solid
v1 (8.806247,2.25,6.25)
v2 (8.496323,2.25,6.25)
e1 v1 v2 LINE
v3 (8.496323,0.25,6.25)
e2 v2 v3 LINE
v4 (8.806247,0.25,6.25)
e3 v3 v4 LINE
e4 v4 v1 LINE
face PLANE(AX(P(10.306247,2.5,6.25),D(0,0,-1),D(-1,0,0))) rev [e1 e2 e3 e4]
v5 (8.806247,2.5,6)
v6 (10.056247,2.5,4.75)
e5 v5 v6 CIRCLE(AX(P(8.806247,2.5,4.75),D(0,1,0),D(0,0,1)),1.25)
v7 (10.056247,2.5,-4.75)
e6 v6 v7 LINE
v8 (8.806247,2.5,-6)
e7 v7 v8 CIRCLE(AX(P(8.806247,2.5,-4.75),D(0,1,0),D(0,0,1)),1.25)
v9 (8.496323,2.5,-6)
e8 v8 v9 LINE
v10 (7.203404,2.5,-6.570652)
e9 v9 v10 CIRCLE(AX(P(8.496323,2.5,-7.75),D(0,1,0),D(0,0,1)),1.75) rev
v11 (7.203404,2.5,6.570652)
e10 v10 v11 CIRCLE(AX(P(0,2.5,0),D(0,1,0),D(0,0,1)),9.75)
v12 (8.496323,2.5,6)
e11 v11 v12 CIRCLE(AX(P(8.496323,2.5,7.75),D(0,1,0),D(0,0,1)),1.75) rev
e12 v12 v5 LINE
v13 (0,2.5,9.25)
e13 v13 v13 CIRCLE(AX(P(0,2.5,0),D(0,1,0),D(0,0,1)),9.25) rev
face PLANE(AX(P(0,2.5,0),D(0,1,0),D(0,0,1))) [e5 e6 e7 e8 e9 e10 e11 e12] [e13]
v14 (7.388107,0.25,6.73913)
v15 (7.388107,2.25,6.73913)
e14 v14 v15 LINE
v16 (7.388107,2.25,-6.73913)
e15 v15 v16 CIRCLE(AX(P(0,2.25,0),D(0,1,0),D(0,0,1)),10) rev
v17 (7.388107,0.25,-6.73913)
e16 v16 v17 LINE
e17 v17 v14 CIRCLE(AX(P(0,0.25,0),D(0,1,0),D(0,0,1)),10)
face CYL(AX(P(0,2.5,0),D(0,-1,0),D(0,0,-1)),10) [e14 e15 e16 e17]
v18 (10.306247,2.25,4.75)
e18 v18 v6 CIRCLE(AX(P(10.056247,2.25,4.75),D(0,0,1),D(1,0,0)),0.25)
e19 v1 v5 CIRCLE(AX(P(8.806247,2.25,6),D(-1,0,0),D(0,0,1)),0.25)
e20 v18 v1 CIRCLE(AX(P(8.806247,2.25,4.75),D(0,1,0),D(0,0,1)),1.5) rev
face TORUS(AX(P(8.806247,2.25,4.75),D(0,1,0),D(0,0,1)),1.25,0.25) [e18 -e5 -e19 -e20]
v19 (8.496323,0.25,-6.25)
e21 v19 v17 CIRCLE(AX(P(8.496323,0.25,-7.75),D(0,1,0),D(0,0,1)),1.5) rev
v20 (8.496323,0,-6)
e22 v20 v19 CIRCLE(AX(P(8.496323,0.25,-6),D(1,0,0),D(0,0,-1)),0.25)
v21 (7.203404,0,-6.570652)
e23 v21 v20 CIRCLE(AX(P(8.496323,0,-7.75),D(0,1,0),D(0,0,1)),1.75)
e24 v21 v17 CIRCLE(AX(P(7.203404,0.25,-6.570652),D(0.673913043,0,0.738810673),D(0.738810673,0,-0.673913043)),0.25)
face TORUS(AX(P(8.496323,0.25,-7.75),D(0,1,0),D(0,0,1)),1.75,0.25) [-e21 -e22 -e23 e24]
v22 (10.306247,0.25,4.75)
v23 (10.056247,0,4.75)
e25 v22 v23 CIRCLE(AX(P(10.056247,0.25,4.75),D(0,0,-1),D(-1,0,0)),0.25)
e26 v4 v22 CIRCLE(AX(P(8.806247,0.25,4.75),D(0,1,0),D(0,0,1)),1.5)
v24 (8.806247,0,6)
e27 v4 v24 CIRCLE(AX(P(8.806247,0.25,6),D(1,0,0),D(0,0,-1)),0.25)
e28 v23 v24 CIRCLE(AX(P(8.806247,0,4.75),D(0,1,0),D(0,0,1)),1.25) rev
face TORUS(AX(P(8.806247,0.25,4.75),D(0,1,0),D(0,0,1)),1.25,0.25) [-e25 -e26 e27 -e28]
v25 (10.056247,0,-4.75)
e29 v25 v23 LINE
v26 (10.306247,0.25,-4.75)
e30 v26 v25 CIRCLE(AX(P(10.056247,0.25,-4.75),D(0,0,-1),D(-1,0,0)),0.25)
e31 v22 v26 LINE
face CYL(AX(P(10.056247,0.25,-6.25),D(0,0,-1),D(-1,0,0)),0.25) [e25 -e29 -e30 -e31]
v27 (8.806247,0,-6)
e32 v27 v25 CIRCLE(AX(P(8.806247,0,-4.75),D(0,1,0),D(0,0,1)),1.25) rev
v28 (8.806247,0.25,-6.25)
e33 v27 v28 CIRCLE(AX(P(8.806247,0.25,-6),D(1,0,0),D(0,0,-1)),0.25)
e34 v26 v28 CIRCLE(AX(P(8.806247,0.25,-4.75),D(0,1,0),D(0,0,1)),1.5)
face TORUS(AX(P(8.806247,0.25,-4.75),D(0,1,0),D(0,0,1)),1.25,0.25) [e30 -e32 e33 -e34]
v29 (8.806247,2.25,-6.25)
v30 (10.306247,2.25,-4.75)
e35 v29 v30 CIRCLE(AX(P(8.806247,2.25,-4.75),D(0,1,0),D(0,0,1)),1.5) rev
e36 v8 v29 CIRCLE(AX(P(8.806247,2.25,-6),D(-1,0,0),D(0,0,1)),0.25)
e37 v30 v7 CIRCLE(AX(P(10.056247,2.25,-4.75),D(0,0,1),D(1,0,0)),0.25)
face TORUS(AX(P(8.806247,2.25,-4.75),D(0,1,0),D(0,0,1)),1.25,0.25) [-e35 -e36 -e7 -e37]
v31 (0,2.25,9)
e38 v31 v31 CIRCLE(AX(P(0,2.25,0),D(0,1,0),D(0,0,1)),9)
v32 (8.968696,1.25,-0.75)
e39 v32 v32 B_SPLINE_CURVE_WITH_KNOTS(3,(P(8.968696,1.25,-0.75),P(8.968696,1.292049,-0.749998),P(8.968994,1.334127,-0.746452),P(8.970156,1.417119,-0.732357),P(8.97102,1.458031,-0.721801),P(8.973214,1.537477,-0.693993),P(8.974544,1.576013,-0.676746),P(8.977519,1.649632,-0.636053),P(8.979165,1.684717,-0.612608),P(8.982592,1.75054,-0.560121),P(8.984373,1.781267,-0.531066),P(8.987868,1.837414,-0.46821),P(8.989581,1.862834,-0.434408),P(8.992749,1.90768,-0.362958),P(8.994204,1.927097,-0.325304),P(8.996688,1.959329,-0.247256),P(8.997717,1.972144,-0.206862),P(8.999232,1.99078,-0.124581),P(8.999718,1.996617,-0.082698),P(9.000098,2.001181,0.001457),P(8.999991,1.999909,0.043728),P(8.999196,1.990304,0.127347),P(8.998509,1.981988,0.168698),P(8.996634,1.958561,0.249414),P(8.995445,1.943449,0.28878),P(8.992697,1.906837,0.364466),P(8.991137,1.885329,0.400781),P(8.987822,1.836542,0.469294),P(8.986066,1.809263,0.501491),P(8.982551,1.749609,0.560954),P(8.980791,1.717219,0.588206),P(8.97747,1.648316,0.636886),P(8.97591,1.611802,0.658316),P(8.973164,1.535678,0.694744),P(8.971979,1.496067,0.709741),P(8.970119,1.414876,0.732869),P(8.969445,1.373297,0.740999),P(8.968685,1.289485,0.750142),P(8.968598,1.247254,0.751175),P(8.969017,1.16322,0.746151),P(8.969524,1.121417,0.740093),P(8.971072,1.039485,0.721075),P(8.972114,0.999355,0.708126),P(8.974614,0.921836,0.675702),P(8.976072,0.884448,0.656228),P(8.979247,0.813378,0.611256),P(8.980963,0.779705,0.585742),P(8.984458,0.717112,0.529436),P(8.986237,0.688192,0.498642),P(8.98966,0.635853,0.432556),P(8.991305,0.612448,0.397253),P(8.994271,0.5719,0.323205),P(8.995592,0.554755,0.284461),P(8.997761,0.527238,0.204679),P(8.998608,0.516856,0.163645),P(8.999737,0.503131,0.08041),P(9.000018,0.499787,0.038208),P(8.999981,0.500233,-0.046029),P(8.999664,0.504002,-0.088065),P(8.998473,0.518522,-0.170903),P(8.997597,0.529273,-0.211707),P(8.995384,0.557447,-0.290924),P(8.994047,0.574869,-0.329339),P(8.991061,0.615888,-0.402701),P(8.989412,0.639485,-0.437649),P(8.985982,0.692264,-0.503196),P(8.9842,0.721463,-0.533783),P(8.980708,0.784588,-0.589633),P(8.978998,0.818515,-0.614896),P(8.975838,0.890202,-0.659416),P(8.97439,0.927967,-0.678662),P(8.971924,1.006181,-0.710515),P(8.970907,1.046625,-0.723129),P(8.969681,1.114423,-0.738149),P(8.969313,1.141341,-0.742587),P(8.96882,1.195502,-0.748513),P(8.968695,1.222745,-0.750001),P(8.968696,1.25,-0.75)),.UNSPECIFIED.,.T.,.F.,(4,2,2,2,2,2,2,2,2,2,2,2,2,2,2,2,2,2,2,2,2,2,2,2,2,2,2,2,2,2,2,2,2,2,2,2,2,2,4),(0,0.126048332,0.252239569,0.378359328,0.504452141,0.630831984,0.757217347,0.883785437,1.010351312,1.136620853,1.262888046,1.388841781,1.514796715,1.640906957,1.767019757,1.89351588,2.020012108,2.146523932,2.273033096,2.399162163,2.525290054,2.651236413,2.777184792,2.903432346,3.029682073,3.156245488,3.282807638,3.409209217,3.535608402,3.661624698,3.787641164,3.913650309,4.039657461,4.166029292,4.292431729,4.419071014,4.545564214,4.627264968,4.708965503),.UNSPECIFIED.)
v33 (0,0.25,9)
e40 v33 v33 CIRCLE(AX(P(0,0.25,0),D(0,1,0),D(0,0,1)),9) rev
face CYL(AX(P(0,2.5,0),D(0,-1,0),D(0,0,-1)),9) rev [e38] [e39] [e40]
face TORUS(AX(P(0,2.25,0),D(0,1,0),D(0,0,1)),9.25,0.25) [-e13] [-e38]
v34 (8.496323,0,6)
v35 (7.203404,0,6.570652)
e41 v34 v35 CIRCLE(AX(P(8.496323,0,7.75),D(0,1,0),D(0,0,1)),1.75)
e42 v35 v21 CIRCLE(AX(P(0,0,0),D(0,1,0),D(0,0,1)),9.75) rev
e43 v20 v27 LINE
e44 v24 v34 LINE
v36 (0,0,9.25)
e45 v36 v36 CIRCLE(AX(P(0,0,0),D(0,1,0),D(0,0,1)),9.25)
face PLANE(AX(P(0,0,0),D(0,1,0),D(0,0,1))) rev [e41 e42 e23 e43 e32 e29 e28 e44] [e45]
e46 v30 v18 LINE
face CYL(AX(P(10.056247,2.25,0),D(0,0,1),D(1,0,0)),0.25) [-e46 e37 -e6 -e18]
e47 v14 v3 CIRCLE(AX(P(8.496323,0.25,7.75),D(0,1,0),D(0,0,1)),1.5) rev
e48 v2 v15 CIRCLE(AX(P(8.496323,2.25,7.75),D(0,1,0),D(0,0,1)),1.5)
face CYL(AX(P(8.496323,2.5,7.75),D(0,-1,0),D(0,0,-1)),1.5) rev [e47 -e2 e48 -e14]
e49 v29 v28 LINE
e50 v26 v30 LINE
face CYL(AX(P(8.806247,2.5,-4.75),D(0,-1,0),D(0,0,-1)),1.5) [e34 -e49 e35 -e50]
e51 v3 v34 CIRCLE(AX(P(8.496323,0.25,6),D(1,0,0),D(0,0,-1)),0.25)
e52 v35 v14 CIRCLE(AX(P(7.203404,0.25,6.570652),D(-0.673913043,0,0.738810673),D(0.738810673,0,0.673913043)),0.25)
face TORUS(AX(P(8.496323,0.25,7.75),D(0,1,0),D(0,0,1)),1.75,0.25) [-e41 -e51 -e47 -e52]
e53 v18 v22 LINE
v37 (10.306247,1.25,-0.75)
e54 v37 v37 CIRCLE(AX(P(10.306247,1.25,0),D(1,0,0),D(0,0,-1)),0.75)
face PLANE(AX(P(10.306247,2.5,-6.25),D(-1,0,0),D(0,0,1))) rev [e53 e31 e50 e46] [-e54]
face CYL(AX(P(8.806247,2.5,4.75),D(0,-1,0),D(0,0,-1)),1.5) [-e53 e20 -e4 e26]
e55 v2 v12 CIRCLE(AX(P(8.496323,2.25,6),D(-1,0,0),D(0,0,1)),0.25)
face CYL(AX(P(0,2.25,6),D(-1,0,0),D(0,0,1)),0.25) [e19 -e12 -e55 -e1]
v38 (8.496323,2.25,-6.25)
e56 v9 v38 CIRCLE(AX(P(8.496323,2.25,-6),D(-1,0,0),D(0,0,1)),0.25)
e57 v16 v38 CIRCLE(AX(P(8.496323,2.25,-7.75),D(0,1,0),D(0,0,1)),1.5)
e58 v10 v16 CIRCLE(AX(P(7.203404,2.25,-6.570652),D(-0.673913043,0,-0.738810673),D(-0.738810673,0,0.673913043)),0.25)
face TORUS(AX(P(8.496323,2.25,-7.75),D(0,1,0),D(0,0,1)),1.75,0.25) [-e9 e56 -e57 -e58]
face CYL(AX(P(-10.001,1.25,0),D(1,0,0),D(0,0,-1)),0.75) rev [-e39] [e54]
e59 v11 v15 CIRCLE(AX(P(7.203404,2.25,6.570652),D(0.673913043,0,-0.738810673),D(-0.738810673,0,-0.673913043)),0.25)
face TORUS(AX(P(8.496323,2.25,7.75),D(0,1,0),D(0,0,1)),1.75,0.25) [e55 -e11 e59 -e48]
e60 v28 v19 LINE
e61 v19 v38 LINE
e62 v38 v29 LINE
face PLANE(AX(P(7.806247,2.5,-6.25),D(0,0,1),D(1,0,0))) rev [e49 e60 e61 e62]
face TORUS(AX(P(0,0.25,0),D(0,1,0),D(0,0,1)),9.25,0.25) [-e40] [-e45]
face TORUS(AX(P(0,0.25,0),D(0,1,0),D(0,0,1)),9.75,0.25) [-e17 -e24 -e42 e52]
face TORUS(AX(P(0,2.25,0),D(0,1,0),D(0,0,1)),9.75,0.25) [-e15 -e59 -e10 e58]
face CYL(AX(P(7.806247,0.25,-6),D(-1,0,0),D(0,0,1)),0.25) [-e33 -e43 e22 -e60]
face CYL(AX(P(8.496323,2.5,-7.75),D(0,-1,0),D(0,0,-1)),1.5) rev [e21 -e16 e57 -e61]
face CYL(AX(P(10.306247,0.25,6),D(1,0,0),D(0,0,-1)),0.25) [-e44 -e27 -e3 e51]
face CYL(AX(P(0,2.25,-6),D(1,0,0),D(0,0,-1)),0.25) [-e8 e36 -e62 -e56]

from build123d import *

# Parameters (mm, degrees)
ESQUISSE1_R                  = 9
BOSS_EXTRU_1_DEPTH           = 2.5
ENL_V_MAT_EXTRU_1_REACH      = 24.773
ENL_V_MAT_EXTRU_1_END_RADIUS = 9
ESQUISSE2_R                  = 0.75
CONG_1_R                     = 1.5
CONG_2_R                     = 0.25


with BuildPart() as part:
    # Esquisse1 → Boss.-Extru.1 (new body)
    with BuildSketch(Plane(origin=(0, 0, 0), x_dir=(1, 0, 0), z_dir=(0, 1, 0))):
        with BuildLine():
            Line((7.806247498, 6.25), (10.306247498, 6.25))
            Line((10.306247498, 6.25), (10.306247498, -6.25))
            Line((10.306247498, -6.25), (7.806247498, -6.25))
            ThreePointArc((7.806247498, -6.25), (-10, 0), (7.806247498, 6.25))
        make_face()
        with Locations(Location((0, 0, 0), (0, 0, 270))):
            Circle(ESQUISSE1_R, mode=Mode.SUBTRACT)
    extrude(amount=BOSS_EXTRU_1_DEPTH)

    # Enlèv. mat.-Extru.1: up to this cylinder (the profile starts outside it)
    enl_v_mat_extru_1_end = Plane(origin=(0, 1.25, 0), z_dir=(0, -1, 0)) * Cylinder(ENL_V_MAT_EXTRU_1_END_RADIUS, 68.546, mode=Mode.PRIVATE)
    # Esquisse2 → Enlèv. mat.-Extru.1 (cut, up to the surface)
    with BuildSketch(Plane(origin=(10.306247498, 0, 0), x_dir=(0, 0, -1), z_dir=(1, 0, 0)), mode=Mode.PRIVATE) as enl_v_mat_extru_1_sk1:
        with Locations((0, 1.25)):
            Circle(ESQUISSE2_R)
    enl_v_mat_extru_1_tool1 = extrude(enl_v_mat_extru_1_sk1.sketch, amount=-ENL_V_MAT_EXTRU_1_REACH, mode=Mode.PRIVATE) - enl_v_mat_extru_1_end
    add(enl_v_mat_extru_1_tool1.solids().sort_by_distance((10.306247, 1.25, 0))[0], mode=Mode.SUBTRACT)

    # Congé1
    cong_1_edges = [part.edges().sort_by_distance(p)[0] for p in [
        (7.806247498, 1.25, -6.25),
        (10.306247498, 1.25, -6.25),
        (10.306247498, 1.25, 6.25),
        (7.806247498, 1.25, 6.25),
    ]]
    fillet(cong_1_edges, radius=CONG_1_R)

    # Congé2
    cong_2_edges = [part.edges().sort_by_distance(p)[0] for p in [
        (0, 0, -9),
        (0, 2.5, -9),
        (10.306247498, 0, 0),
        (10.306247498, 2.5, 0),
        (-10, 0, 0),
        (8.651285116, 0, -6.25),
        (8.651285116, 0, 6.25),
        (9.86690767, 0, -5.810660172),
        (9.86690767, 0, 5.810660172),
        (8.651285116, 2.5, 6.25),
        (-10, 2.5, 0),
        (8.651285116, 2.5, -6.25),
        (9.86690767, 2.5, -5.810660172),
        (9.86690767, 2.5, 5.810660172),
        (7.890643094, 0, 6.377720082),
        (7.890643094, 2.5, 6.377720082),
        (7.890643094, 0, -6.377720082),
        (7.890643094, 2.5, -6.377720082),
    ]]
    fillet(cong_2_edges, radius=CONG_2_R)


solid = part.part
